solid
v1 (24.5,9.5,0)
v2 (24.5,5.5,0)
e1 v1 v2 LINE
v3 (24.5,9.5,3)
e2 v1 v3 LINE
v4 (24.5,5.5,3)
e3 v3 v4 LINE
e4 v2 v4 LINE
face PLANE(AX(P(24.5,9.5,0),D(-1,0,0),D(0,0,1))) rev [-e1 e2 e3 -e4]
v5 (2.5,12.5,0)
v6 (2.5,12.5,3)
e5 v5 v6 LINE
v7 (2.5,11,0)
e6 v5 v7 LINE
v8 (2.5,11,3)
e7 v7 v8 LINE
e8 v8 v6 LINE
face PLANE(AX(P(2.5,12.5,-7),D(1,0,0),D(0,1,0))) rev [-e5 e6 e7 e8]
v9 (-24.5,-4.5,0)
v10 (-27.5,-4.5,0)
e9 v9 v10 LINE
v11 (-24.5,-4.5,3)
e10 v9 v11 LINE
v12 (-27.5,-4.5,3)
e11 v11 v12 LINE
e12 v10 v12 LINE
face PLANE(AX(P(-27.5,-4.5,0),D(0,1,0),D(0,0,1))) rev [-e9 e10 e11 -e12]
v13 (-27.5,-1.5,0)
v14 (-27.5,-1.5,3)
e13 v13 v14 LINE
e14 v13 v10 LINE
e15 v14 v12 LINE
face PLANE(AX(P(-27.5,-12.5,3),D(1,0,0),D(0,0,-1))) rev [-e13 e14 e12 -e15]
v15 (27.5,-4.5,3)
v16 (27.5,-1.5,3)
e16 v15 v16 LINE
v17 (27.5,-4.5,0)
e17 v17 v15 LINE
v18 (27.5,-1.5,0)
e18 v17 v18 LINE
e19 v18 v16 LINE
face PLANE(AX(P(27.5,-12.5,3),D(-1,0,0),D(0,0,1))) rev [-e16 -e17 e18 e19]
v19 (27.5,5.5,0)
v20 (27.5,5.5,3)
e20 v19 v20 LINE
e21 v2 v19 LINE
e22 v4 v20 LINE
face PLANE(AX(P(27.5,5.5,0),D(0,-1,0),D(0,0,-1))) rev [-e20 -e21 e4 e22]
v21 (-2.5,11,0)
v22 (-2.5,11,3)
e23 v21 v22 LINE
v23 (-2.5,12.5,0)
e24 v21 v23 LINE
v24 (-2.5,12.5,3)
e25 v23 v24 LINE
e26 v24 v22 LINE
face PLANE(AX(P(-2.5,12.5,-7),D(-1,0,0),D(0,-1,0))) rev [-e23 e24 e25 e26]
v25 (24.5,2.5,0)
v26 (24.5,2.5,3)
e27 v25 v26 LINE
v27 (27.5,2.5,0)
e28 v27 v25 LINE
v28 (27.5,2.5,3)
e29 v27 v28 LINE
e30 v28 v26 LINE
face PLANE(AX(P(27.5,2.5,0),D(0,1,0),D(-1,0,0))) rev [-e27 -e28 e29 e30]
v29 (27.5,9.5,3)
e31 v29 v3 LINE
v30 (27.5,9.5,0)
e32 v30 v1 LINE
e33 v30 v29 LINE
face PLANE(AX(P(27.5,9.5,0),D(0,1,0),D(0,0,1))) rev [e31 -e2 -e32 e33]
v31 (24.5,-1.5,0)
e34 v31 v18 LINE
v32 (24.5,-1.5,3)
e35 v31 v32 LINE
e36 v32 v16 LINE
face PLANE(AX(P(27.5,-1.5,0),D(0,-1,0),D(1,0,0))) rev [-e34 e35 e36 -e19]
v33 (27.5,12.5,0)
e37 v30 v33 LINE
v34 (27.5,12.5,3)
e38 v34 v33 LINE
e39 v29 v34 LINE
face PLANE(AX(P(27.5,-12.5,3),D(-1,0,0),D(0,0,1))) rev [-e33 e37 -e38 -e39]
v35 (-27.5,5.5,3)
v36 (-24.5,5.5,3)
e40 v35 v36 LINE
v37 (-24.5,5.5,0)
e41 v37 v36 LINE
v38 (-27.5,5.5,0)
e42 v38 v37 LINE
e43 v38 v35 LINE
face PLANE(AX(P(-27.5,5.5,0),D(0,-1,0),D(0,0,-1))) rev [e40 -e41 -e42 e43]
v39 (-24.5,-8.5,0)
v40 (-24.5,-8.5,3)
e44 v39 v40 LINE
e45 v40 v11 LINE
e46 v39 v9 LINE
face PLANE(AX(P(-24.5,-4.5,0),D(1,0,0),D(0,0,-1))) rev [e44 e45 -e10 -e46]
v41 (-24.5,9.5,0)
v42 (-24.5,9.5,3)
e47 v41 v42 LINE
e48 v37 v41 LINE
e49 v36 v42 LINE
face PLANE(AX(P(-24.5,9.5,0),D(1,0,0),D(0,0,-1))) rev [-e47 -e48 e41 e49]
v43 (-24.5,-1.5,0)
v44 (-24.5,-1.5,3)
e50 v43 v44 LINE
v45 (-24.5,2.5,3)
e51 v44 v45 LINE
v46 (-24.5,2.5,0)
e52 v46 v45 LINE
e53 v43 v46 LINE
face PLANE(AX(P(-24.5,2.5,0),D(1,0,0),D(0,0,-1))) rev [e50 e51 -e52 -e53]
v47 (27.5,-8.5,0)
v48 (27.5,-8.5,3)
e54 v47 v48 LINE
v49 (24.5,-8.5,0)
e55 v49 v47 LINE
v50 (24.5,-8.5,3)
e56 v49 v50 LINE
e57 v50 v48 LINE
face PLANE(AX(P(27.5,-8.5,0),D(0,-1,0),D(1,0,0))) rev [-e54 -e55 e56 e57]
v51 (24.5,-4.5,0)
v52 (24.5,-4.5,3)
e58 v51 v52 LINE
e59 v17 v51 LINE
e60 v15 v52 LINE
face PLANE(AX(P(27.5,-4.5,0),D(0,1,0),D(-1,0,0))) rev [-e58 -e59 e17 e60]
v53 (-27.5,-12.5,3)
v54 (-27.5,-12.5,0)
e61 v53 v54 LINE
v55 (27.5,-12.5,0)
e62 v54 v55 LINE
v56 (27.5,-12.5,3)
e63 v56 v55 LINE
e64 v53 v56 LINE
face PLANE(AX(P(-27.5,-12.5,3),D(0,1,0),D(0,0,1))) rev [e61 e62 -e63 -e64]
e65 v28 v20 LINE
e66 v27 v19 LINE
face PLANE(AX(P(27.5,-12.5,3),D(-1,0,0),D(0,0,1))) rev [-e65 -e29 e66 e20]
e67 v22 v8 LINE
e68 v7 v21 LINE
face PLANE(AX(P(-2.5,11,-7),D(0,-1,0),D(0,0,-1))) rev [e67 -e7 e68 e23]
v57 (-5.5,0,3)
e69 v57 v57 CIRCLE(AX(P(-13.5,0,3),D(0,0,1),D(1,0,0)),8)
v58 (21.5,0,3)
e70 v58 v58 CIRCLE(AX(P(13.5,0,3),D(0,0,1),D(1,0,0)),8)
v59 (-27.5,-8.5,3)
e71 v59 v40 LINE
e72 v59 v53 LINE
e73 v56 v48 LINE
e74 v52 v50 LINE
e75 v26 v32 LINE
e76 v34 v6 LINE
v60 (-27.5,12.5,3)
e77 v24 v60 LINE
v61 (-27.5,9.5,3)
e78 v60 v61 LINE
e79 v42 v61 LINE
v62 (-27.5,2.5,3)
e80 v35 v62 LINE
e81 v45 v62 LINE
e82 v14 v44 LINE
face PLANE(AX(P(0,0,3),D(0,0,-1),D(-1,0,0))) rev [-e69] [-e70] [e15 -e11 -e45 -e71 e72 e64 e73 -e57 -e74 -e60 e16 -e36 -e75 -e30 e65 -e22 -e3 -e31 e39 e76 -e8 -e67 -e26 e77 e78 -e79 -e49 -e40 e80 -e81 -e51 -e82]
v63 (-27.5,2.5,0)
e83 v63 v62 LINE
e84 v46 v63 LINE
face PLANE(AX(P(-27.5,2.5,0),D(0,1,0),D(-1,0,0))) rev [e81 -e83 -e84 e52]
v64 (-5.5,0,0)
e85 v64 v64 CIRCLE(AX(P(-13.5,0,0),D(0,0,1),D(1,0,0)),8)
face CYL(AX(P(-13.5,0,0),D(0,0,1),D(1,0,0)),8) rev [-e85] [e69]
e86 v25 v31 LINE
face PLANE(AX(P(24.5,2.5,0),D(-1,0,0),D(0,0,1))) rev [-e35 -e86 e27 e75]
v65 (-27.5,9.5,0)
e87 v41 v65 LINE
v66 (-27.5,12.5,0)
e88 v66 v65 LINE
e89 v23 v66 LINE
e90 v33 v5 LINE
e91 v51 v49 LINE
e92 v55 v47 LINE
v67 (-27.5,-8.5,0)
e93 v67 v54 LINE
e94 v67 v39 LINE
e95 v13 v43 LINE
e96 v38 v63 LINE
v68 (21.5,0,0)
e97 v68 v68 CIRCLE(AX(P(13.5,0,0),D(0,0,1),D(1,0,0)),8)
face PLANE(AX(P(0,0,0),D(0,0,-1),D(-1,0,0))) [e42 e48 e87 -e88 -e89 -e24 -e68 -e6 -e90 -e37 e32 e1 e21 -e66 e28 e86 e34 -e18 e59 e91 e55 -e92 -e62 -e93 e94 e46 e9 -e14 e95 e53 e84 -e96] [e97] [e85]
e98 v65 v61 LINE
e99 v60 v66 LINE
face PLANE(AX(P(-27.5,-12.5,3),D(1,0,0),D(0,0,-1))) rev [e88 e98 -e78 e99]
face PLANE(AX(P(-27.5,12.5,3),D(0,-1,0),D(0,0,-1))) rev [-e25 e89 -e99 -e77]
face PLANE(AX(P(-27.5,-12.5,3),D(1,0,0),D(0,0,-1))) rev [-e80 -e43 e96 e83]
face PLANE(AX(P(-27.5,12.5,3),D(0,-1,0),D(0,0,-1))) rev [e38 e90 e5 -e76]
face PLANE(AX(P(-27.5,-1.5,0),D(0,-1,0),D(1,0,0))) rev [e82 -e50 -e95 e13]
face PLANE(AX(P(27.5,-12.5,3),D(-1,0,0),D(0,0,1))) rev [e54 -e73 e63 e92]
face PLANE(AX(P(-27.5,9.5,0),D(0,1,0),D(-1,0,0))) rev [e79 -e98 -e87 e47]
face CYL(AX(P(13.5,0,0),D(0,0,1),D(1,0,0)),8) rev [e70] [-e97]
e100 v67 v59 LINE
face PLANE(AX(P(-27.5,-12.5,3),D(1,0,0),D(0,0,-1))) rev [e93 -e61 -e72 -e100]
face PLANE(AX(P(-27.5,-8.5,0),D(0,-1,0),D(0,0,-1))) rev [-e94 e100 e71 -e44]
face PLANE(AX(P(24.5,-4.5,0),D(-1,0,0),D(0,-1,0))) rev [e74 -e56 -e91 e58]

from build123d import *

# Parameters (mm, degrees)
SKETCH1_W           = 55
SKETCH1_H           = 25
BOSS_EXTRUDE1_DEPTH = 3
SKETCH2_R           = 8
CUT_EXTRUDE1_DEPTH  = 3
SKETCH3_W           = 3
SKETCH3_H           = 4
CUT_EXTRUDE2_DEPTH  = 3
SKETCH4_W           = 3
SKETCH4_H           = 4
CUT_EXTRUDE3_DEPTH  = 3
SKETCH5_W           = 5
SKETCH5_H           = 1.5
CUT_EXTRUDE4_DEPTH  = 10


with BuildPart() as part:
    # Sketch1 → Boss-Extrude1 (new body)
    with BuildSketch(Plane.XY):
        Rectangle(SKETCH1_W, SKETCH1_H)
    extrude(amount=BOSS_EXTRUDE1_DEPTH)

    # Sketch2 → Cut-Extrude1 (cut)
    with BuildSketch(Plane.XY.offset(3)):
        with Locations((-13.5, 0)):
            Circle(SKETCH2_R)
        with Locations((13.5, 0)):
            Circle(SKETCH2_R)
    extrude(amount=-CUT_EXTRUDE1_DEPTH, mode=Mode.SUBTRACT)

    # Sketch3 → Cut-Extrude2 (cut)
    with BuildSketch(Plane.XY.offset(3)):
        with Locations((-26, 7.5)):
            Rectangle(SKETCH3_W, SKETCH3_H)
        with Locations((-26, 0.5)):
            Rectangle(SKETCH3_W, SKETCH3_H)
        with Locations((-26, -6.5)):
            Rectangle(SKETCH3_W, SKETCH3_H)
    extrude(amount=-CUT_EXTRUDE2_DEPTH, mode=Mode.SUBTRACT)

    # Sketch4 → Cut-Extrude3 (cut)
    with BuildSketch(Plane.XY.offset(3)):
        with Locations((26, 7.5)):
            Rectangle(SKETCH4_W, SKETCH4_H)
        with Locations((26, 0.5)):
            Rectangle(SKETCH4_W, SKETCH4_H)
        with Locations((26, -6.5)):
            Rectangle(SKETCH4_W, SKETCH4_H)
    extrude(amount=-CUT_EXTRUDE3_DEPTH, mode=Mode.SUBTRACT)

    # Sketch5 → Cut-Extrude4 (cut)
    with BuildSketch(Plane.XY.offset(3)):
        with Locations((0, 11.75)):
            Rectangle(SKETCH5_W, SKETCH5_H)
    extrude(amount=-CUT_EXTRUDE4_DEPTH, mode=Mode.SUBTRACT)


solid = part.part
